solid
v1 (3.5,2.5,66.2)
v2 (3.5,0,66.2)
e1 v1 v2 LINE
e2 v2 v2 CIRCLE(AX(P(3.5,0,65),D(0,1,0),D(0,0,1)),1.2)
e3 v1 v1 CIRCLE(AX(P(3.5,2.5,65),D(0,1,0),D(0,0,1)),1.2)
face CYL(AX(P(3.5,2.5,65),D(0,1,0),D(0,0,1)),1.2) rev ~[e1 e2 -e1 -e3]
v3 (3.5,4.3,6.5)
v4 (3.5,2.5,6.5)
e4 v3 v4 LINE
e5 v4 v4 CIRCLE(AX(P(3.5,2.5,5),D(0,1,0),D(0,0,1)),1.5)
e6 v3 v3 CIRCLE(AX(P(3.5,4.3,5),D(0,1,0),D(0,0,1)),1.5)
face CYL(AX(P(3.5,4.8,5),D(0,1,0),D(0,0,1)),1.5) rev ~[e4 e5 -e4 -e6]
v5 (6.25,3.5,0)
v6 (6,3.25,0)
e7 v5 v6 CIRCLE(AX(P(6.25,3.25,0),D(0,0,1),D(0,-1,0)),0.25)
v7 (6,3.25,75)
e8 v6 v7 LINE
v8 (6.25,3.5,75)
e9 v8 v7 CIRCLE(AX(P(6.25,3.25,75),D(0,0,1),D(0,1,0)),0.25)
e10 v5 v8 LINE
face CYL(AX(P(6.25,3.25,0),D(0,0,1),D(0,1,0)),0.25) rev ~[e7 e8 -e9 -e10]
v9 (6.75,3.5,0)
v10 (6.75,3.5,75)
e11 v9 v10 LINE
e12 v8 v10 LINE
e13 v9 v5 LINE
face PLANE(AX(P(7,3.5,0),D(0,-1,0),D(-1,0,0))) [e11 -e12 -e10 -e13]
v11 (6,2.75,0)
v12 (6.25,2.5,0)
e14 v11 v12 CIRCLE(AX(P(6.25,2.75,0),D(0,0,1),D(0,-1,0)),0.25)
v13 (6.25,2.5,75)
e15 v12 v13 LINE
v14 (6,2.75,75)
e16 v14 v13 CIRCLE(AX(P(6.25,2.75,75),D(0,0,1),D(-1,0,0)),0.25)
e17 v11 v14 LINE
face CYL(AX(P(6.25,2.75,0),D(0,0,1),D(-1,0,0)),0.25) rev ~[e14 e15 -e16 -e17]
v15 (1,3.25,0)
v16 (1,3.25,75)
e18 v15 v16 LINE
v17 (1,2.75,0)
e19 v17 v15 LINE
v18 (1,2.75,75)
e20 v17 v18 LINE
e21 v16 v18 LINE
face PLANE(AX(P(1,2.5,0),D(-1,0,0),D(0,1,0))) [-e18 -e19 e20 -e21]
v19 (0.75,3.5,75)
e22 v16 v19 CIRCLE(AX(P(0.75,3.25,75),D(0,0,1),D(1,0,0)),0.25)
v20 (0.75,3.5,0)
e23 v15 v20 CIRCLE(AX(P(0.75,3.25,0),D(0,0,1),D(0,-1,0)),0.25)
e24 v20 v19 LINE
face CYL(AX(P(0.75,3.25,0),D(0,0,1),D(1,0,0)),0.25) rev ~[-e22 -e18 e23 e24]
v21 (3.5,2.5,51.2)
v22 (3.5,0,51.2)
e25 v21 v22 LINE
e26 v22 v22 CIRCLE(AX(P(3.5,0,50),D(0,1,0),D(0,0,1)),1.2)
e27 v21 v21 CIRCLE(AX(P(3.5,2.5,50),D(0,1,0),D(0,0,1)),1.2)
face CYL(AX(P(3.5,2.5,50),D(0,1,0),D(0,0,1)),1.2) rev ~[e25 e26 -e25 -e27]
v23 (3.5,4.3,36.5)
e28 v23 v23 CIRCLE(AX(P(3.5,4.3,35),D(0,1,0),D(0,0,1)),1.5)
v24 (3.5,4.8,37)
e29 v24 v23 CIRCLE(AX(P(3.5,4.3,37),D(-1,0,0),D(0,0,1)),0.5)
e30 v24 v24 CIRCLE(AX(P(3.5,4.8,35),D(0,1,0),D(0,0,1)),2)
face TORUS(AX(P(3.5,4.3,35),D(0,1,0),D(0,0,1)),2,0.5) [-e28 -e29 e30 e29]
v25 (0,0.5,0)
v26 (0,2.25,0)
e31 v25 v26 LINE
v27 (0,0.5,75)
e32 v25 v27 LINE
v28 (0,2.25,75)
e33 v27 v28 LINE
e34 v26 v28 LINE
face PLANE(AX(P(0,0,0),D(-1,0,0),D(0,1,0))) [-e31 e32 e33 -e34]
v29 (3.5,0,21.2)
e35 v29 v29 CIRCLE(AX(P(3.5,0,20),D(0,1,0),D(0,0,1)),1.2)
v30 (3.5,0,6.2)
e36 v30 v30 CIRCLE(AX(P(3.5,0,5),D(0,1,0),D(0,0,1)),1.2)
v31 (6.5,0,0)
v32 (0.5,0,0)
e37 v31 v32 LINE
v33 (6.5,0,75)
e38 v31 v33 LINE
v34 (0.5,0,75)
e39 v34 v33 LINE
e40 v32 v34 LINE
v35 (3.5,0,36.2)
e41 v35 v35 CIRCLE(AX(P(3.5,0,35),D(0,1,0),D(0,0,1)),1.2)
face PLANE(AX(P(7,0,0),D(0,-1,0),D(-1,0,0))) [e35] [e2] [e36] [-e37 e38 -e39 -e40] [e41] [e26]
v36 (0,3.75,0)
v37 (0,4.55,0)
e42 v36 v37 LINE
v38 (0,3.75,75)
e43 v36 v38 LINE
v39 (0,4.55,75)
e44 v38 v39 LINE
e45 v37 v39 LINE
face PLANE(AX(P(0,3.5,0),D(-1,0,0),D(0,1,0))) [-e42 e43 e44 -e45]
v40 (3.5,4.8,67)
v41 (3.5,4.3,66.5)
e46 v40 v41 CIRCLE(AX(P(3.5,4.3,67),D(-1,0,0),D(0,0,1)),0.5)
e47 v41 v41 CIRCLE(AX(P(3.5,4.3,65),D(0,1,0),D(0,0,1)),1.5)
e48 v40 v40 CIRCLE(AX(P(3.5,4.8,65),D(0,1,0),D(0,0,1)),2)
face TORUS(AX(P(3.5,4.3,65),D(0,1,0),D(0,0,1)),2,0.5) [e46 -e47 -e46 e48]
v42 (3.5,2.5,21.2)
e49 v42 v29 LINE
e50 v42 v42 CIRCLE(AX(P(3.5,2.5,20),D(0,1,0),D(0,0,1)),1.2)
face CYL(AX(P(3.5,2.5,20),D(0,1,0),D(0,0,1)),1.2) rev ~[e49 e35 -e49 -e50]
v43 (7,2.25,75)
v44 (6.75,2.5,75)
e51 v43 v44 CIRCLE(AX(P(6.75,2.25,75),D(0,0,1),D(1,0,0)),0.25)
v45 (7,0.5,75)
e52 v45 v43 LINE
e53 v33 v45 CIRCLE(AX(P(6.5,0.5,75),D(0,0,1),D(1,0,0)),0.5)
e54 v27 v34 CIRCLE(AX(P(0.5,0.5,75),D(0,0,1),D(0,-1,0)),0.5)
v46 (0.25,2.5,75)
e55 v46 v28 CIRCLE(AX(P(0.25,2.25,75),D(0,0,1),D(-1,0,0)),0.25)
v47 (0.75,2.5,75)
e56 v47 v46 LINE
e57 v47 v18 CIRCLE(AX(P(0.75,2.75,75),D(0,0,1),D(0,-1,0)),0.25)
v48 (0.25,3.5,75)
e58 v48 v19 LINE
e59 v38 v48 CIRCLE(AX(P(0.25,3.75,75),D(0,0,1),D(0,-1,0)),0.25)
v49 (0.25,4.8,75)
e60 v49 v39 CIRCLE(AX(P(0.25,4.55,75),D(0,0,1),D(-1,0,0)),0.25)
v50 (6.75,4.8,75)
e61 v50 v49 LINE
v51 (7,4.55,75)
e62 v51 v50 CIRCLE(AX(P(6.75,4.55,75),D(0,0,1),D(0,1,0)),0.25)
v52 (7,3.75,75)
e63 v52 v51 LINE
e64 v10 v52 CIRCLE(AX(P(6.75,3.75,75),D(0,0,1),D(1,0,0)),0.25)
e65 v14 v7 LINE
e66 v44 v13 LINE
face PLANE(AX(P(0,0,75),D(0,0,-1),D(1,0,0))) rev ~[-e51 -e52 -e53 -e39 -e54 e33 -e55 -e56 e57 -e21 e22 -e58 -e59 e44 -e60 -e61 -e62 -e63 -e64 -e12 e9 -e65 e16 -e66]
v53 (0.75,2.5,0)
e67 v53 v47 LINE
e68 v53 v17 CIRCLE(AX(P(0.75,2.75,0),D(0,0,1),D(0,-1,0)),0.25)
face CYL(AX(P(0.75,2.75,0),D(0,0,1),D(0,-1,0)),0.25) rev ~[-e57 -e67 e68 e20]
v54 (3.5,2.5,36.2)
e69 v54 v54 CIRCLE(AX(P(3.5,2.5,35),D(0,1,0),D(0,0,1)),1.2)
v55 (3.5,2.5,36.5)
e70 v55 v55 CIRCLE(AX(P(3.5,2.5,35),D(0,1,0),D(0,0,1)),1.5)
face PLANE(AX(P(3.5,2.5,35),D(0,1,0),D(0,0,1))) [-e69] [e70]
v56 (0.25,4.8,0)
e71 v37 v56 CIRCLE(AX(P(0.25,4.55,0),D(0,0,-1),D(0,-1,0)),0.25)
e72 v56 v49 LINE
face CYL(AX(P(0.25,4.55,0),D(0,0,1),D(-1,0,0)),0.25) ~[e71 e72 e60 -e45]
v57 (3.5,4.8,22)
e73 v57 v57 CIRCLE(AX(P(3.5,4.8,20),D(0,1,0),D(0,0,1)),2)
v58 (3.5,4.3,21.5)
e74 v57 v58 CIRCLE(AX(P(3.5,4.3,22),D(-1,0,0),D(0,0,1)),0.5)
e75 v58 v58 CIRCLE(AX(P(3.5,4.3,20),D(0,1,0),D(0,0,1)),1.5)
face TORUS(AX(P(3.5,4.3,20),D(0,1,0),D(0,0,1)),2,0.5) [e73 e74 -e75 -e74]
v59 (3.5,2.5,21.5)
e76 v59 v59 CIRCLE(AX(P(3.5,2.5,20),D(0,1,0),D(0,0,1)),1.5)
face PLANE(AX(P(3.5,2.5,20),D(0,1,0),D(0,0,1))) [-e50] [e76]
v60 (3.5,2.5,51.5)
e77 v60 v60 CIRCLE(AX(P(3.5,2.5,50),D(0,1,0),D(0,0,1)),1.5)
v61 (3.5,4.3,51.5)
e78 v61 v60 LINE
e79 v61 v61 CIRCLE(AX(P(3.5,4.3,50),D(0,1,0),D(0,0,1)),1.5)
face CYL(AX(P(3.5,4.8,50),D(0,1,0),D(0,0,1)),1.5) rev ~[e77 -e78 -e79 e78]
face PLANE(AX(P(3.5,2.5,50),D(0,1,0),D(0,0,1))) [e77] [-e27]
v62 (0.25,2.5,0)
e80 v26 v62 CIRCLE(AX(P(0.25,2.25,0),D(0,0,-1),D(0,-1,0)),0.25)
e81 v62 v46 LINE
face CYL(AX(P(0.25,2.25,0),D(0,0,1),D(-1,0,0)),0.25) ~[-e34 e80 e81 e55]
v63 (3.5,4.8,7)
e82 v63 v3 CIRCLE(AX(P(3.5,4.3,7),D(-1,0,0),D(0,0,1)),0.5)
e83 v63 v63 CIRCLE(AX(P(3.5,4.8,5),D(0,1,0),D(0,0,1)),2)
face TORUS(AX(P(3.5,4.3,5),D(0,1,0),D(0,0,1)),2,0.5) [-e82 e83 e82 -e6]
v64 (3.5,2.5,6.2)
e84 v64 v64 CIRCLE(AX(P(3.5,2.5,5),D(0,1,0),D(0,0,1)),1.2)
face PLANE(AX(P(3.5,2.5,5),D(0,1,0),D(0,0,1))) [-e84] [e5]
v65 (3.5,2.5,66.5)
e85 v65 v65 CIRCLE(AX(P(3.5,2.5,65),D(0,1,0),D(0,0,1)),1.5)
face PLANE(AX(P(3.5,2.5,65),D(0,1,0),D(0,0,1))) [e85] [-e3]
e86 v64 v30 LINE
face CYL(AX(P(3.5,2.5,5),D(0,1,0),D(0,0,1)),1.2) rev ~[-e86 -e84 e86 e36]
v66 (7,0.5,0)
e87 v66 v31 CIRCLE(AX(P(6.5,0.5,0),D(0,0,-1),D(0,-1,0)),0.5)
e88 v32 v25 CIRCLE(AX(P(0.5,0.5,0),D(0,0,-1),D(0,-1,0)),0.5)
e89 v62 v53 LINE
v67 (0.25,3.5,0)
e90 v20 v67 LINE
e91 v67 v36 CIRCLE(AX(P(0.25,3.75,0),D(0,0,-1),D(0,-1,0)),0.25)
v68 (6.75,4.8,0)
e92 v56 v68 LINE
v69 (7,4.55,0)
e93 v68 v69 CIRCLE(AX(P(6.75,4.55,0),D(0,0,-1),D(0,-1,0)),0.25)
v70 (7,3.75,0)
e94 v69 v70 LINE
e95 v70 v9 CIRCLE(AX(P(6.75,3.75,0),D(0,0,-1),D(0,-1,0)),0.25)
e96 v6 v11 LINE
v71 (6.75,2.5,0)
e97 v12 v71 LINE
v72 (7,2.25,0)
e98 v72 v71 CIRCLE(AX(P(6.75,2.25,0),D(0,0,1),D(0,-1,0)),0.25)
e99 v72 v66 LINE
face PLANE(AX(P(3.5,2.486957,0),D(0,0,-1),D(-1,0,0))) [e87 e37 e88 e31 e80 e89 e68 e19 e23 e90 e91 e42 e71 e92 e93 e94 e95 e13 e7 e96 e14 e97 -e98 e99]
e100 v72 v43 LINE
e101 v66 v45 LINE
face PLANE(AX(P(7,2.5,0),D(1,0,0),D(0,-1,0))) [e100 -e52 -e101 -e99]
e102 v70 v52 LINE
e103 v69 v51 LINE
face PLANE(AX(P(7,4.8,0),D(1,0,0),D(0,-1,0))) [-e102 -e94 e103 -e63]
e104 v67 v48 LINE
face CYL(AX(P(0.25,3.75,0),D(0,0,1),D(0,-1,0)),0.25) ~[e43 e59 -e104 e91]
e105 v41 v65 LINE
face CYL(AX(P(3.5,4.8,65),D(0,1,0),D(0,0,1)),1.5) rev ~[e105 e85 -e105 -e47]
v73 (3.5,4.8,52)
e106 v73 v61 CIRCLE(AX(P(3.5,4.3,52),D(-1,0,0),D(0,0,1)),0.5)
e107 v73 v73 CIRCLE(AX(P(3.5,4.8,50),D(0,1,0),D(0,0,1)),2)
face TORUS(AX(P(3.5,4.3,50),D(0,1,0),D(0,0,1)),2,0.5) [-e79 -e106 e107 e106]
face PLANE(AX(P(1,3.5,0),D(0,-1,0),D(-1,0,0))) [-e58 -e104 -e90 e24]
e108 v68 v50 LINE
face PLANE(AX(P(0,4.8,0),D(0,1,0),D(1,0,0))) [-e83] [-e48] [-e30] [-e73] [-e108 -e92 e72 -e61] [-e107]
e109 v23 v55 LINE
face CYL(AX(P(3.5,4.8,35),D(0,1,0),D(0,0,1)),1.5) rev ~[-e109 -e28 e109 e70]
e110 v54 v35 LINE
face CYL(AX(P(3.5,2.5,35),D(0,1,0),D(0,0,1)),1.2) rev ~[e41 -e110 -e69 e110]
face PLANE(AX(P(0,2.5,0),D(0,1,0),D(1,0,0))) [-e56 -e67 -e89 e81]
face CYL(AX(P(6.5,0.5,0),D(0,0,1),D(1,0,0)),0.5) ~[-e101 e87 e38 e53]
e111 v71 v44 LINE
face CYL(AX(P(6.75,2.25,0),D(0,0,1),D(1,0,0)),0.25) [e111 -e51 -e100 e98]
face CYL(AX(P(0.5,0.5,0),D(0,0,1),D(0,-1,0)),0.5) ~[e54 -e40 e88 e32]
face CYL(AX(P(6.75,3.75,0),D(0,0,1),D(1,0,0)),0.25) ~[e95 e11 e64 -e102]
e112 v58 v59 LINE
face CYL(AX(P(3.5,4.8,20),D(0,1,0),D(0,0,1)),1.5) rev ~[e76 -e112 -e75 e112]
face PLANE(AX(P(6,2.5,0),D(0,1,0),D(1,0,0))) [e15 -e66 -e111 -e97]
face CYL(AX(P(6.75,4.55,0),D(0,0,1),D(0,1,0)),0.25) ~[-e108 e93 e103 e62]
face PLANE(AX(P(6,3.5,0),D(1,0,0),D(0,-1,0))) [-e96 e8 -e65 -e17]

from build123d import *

# Parameters (mm, degrees)
EXTRUDE_1_DEPTH                = 85
FILLET_1_R                     = 0.25
FILLET_2_R                     = 0.5
SKETCH_2_R                     = 1.5
CUT_EXTRUDE_1_DEPTH            = 2.3
SKETCH_3_R                     = 1.2
CUT_EXTRUDE_2_DEPTH            = 86.324381041
FILLET_3_R                     = 0.5
PATTERN_LINEAR_2_COUNT         = 6
PATTERN_LINEAR_2_PITCH         = 15
FILLET_3_OF_PATTERN_LINEAR_2_R = 0.5
SKETCH_4_W                     = 7
SKETCH_4_H                     = 10
CUT_EXTRUDE_3_DEPTH            = 86.422713607


with BuildPart() as part:
    # 草图1 → 凸台-拉伸1 (new body)
    with BuildSketch(Plane.XY):
        Polygon((0, 2.5), (0, 0), (7, 0), (7, 2.5), (6, 2.5), (6, 3.5), (7, 3.5), (7, 4.8), (0, 4.8), (0, 3.5), (1, 3.5), (1, 2.5), align=None)
    extrude(amount=EXTRUDE_1_DEPTH)

    # 圆角1
    fillet_1_edges = [part.edges().sort_by_distance(p)[0] for p in [
        (7, 2.5, 42.5),
        (0, 2.5, 42.5),
        (1, 3.5, 42.5),
        (1, 2.5, 42.5),
        (6, 2.5, 42.5),
        (6, 3.5, 42.5),
        (7, 4.8, 42.5),
        (0, 4.8, 42.5),
        (0, 3.5, 42.5),
        (7, 3.5, 42.5),
    ]]
    fillet(fillet_1_edges, radius=FILLET_1_R)

    # 圆角2
    fillet_2_edges = [part.edges().sort_by_distance(p)[0] for p in [
        (0, 0, 42.5),
        (7, 0, 42.5),
    ]]
    fillet(fillet_2_edges, radius=FILLET_2_R)

    # 草图2 → 切除-拉伸1 (cut)
    with BuildSketch(Plane(origin=(0, 4.8, 0), x_dir=(1, 0, 0), z_dir=(0, 1, 0))):
        with Locations((3.5, -5)):
            Circle(SKETCH_2_R)
    cut_extrude_1 = extrude(amount=-CUT_EXTRUDE_1_DEPTH, mode=Mode.SUBTRACT)

    # 草图3 → 切除-拉伸2 (cut, through all)
    with BuildSketch(Plane(origin=(0, 2.5, 0), x_dir=(1, 0, 0), z_dir=(0, 1, 0))):
        with Locations((3.5, -5)):
            Circle(SKETCH_3_R)
    cut_extrude_2 = extrude(amount=-CUT_EXTRUDE_2_DEPTH, mode=Mode.SUBTRACT)

    # 圆角3
    fillet_3_edges = [part.edges().sort_by_distance(p)[0] for p in [
        (2, 4.8, 5),
    ]]
    fillet(fillet_3_edges, radius=FILLET_3_R)

    # 阵列(线性)2: 切除-拉伸1, 切除-拉伸2 ×6
    with Locations(*[(0, 0, i * PATTERN_LINEAR_2_PITCH) for i in range(1, PATTERN_LINEAR_2_COUNT)]):
        add(cut_extrude_1, mode=Mode.SUBTRACT)
        add(cut_extrude_2, mode=Mode.SUBTRACT)

    # 圆角3 of 阵列(线性)2
    fillet_3_of_pattern_linear_2_edges = [part.edges().sort_by_distance(p)[0] for p in [
        (2, 4.8, 20),
        (2, 4.8, 35),
        (2, 4.8, 50),
        (2, 4.8, 65),
        (2, 4.8, 80),
    ]]
    fillet(fillet_3_of_pattern_linear_2_edges, radius=FILLET_3_OF_PATTERN_LINEAR_2_R)

    # 草图4 → 切除-拉伸3 (cut, through all)
    with BuildSketch(Plane.XZ):
        with Locations((3.5, 80)):
            Rectangle(SKETCH_4_W, SKETCH_4_H)
    extrude(amount=-CUT_EXTRUDE_3_DEPTH, mode=Mode.SUBTRACT)


solid = part.part
